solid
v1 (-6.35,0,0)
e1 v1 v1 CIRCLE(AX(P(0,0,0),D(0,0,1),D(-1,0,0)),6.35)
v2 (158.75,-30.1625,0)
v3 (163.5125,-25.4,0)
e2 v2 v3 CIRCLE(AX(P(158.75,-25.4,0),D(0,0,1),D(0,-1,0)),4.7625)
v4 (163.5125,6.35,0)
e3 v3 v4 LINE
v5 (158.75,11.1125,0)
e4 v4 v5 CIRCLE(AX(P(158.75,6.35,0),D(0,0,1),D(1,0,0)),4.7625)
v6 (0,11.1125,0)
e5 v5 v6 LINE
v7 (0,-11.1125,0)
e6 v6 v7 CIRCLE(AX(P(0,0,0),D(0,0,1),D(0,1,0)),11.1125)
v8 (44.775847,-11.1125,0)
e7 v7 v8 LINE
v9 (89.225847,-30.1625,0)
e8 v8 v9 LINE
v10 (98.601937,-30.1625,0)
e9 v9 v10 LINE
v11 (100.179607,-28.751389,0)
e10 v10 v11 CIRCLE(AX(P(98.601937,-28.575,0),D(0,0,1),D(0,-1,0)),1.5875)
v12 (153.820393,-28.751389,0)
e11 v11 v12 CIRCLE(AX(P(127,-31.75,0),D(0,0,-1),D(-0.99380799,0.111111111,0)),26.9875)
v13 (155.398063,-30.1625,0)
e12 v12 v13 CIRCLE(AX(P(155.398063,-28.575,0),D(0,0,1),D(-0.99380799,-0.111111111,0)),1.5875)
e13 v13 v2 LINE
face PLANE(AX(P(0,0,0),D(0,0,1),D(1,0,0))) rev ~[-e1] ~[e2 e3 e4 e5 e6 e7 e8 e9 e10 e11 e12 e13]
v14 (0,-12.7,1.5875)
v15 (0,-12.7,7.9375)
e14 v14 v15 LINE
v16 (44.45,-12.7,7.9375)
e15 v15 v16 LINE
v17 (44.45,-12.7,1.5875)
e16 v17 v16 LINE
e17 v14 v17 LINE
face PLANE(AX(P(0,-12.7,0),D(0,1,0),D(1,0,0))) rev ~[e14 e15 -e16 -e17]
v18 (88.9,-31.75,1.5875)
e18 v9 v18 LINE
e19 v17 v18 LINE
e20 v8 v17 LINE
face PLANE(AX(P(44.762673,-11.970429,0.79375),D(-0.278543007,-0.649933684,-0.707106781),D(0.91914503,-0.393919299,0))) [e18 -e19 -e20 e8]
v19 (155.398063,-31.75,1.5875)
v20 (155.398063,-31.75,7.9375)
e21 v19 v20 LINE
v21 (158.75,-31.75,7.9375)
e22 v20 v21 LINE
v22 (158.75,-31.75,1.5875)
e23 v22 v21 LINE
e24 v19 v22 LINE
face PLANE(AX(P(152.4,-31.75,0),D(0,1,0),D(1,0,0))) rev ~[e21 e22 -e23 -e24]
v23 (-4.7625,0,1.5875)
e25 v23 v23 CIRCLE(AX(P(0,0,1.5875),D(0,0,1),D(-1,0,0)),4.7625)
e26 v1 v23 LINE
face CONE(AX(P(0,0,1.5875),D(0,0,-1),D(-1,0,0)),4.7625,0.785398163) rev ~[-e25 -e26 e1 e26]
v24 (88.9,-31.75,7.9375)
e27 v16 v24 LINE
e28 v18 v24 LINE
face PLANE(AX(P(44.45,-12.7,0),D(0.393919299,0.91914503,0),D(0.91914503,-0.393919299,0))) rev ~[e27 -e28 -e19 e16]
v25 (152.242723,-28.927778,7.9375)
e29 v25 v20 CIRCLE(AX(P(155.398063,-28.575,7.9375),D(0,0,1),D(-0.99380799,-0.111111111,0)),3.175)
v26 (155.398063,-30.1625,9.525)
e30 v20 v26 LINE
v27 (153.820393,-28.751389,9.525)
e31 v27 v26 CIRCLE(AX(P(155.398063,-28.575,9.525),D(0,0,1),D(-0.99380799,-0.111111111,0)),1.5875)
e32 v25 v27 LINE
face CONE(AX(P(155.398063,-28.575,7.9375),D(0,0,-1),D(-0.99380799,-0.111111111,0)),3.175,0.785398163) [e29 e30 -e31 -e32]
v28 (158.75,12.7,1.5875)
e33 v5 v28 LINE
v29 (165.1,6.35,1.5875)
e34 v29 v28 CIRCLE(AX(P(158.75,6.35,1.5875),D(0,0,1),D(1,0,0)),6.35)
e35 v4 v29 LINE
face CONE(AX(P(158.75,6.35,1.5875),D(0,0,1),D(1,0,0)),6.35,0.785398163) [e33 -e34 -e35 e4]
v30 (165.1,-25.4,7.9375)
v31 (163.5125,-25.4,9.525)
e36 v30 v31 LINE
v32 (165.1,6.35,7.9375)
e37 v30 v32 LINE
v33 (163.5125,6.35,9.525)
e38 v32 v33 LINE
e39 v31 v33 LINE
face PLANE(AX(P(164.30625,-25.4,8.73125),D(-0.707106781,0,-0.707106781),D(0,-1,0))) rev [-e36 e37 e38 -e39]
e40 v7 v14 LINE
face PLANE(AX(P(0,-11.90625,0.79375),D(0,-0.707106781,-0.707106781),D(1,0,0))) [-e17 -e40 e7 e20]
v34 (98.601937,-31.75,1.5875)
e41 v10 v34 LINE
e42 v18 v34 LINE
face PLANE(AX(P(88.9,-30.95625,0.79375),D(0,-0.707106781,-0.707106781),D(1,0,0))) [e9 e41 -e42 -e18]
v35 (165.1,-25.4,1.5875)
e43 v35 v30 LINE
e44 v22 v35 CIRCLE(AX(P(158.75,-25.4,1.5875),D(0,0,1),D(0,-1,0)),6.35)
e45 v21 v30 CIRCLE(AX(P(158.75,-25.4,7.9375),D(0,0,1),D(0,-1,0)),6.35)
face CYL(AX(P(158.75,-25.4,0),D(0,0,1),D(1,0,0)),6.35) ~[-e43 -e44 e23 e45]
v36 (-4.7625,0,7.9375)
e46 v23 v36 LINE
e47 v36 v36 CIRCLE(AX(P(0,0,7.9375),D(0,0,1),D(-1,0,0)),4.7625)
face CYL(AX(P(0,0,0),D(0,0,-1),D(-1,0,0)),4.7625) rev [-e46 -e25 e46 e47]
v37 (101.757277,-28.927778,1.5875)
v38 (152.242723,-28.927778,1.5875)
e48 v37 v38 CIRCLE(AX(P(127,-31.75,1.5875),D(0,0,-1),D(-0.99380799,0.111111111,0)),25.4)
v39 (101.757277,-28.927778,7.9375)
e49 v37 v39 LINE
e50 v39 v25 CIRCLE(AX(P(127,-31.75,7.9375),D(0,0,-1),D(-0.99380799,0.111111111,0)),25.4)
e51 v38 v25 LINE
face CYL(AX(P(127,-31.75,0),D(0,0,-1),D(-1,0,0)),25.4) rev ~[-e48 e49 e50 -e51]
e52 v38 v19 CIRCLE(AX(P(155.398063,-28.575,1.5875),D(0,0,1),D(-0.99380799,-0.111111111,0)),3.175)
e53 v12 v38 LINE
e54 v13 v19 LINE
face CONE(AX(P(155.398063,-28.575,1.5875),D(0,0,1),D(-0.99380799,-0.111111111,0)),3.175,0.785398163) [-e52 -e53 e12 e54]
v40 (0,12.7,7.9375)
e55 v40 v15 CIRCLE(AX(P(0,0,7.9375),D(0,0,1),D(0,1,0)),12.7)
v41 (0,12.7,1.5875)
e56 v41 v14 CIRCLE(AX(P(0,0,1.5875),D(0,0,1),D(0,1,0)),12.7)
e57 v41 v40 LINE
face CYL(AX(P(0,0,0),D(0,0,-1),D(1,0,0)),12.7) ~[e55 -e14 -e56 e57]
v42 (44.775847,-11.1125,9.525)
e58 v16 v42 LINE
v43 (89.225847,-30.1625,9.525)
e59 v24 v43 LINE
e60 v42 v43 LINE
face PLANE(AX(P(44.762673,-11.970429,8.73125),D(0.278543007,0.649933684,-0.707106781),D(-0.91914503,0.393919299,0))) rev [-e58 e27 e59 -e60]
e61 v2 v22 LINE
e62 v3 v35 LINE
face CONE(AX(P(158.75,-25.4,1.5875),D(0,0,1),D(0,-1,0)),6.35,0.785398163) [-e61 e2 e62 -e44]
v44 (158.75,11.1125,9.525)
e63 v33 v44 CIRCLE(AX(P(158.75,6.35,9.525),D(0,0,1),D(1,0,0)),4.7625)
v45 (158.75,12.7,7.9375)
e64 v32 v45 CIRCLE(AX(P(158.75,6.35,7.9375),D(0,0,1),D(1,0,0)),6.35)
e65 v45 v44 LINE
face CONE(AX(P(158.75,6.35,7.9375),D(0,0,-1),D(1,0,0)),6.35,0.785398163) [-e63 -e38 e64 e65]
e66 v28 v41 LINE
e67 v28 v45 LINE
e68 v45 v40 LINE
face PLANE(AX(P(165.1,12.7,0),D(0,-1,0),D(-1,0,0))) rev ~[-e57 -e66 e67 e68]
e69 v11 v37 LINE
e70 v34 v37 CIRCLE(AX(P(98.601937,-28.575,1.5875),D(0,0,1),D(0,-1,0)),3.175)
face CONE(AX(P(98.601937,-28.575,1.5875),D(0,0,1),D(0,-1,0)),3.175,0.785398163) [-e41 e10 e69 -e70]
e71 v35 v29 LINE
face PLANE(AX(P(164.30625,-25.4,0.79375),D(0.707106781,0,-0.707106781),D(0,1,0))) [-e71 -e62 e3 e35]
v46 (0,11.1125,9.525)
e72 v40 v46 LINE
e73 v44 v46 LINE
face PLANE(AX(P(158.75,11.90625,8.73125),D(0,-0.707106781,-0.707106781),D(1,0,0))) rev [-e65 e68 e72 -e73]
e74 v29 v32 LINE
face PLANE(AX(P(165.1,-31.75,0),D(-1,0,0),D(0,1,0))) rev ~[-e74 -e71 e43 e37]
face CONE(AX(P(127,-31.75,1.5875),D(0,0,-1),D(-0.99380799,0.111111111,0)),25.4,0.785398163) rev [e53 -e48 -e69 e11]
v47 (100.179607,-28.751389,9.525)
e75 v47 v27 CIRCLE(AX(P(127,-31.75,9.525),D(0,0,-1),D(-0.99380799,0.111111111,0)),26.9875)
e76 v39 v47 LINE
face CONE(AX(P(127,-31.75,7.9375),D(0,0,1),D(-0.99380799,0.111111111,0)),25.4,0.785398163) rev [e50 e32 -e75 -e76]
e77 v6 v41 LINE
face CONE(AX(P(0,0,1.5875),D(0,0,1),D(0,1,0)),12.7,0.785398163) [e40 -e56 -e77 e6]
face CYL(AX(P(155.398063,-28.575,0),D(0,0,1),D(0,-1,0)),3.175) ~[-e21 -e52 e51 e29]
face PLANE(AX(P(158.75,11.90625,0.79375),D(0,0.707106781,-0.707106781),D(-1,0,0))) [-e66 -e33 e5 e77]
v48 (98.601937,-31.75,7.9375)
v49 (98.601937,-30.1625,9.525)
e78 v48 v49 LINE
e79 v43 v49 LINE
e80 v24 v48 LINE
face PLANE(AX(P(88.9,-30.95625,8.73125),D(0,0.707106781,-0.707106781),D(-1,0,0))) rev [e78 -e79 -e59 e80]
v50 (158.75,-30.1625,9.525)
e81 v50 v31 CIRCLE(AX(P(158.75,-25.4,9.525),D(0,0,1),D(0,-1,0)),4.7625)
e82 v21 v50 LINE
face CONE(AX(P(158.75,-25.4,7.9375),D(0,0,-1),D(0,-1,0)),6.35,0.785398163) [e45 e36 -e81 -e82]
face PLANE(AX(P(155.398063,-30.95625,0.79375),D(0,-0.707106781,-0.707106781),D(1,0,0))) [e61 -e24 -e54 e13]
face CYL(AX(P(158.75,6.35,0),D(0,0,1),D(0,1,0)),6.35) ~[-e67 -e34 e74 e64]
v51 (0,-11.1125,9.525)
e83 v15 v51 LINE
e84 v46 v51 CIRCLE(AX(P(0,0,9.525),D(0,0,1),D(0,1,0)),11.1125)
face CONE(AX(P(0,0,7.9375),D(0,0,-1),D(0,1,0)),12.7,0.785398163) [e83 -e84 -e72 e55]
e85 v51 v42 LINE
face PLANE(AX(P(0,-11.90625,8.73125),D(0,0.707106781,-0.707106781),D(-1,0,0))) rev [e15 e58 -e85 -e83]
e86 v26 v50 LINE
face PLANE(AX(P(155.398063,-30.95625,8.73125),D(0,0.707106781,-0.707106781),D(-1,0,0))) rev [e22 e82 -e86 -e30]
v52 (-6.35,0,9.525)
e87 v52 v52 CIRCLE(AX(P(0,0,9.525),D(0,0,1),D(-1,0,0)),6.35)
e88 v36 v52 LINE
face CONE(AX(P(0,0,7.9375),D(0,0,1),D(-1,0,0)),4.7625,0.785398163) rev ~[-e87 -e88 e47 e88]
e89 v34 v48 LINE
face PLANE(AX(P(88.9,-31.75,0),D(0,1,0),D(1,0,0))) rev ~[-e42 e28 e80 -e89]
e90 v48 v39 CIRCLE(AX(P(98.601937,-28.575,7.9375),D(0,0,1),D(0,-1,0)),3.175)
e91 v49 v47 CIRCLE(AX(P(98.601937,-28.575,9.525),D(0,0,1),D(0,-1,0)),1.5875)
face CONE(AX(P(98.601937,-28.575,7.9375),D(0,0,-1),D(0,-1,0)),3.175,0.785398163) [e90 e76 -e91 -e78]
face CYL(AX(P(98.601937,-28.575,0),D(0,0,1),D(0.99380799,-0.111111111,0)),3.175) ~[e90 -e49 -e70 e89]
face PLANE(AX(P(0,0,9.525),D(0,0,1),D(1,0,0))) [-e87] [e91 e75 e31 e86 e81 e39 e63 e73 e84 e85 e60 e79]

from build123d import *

# Parameters (mm, degrees)
SKETCH1_R           = 12.7
SKETCH1_R_2         = 4.7625
BOSS_EXTRUDE1_DEPTH = 9.525
FILLET1_R           = 6.35
FILLET2_R           = 3.175
CHAMFER1_SIZE       = 1.5875


with BuildPart() as part:
    # Sketch1 → Boss-Extrude1 (new body)
    # profile 1 of 2: a face of its own
    with BuildSketch(Plane.XY):
        with BuildLine():
            Line((165.1, 12.7), (0, 12.7))
            ThreePointArc((0, 12.7), (8.980256121, 8.980256121), (12.7, 0))
            ThreePointArc((12.7, 0), (8.980256121, -8.980256121), (0, -12.7))
            Line((0, -12.7), (44.45, -12.7))
            Line((44.45, -12.7), (88.9, -31.75))
            Line((88.9, -31.75), (101.6, -31.75))
            ThreePointArc((101.6, -31.75), (127, -6.35), (152.4, -31.75))
            Line((152.4, -31.75), (165.1, -31.75))
            Line((165.1, -31.75), (165.1, 12.7))
        make_face()
    # profile 2 of 2: a face of its own
    with BuildSketch(Plane.XY):
        Circle(SKETCH1_R)
        with Locations(Location((0, 0, 0), (0, 0, 180))):
            Circle(SKETCH1_R_2, mode=Mode.SUBTRACT)
    extrude(amount=BOSS_EXTRUDE1_DEPTH)

    # Fillet1
    fillet1_edges = [part.edges().sort_by_distance(p)[0] for p in [
        (165.1, 12.7, 4.7625),
        (165.1, -31.75, 4.7625),
    ]]
    fillet(fillet1_edges, radius=FILLET1_R)

    # Fillet2
    fillet2_edges = [part.edges().sort_by_distance(p)[0] for p in [
        (101.6, -31.75, 4.7625),
        (152.4, -31.75, 4.7625),
    ]]
    fillet(fillet2_edges, radius=FILLET2_R)

    # Chamfer1
    chamfer1_edges = [part.edges().sort_by_distance(p)[0] for p in [
        (93.750968343, -31.75, 0),
        (66.675, -22.225, 0),
        (22.225, -12.7, 0),
        (-12.7, 0, 0),
        (79.375, 12.7, 0),
        (79.375, 12.7, 9.525),
        (-12.7, 0, 9.525),
        (22.225, -12.7, 9.525),
        (66.675, -22.225, 9.525),
        (165.1, -9.525, 0),
        (165.1, -9.525, 9.525),
        (157.074031657, -31.75, 0),
        (163.240128061, 10.840128061, 0),
        (93.750968343, -31.75, 9.525),
        (163.240128061, -29.890128061, 0),
        (157.074031657, -31.75, 9.525),
        (163.240128061, 10.840128061, 9.525),
        (163.240128061, -29.890128061, 9.525),
        (4.7625, 0, 9.525),
        (127, -6.35, 0),
        (100.718603352, -30.941505276, 0),
        (153.281396648, -30.941505276, 0),
        (127, -6.35, 9.525),
        (100.718603352, -30.941505276, 9.525),
        (153.281396648, -30.941505276, 9.525),
        (4.7625, 0, 0),
    ]]
    chamfer(chamfer1_edges, length=CHAMFER1_SIZE)


solid = part.part
